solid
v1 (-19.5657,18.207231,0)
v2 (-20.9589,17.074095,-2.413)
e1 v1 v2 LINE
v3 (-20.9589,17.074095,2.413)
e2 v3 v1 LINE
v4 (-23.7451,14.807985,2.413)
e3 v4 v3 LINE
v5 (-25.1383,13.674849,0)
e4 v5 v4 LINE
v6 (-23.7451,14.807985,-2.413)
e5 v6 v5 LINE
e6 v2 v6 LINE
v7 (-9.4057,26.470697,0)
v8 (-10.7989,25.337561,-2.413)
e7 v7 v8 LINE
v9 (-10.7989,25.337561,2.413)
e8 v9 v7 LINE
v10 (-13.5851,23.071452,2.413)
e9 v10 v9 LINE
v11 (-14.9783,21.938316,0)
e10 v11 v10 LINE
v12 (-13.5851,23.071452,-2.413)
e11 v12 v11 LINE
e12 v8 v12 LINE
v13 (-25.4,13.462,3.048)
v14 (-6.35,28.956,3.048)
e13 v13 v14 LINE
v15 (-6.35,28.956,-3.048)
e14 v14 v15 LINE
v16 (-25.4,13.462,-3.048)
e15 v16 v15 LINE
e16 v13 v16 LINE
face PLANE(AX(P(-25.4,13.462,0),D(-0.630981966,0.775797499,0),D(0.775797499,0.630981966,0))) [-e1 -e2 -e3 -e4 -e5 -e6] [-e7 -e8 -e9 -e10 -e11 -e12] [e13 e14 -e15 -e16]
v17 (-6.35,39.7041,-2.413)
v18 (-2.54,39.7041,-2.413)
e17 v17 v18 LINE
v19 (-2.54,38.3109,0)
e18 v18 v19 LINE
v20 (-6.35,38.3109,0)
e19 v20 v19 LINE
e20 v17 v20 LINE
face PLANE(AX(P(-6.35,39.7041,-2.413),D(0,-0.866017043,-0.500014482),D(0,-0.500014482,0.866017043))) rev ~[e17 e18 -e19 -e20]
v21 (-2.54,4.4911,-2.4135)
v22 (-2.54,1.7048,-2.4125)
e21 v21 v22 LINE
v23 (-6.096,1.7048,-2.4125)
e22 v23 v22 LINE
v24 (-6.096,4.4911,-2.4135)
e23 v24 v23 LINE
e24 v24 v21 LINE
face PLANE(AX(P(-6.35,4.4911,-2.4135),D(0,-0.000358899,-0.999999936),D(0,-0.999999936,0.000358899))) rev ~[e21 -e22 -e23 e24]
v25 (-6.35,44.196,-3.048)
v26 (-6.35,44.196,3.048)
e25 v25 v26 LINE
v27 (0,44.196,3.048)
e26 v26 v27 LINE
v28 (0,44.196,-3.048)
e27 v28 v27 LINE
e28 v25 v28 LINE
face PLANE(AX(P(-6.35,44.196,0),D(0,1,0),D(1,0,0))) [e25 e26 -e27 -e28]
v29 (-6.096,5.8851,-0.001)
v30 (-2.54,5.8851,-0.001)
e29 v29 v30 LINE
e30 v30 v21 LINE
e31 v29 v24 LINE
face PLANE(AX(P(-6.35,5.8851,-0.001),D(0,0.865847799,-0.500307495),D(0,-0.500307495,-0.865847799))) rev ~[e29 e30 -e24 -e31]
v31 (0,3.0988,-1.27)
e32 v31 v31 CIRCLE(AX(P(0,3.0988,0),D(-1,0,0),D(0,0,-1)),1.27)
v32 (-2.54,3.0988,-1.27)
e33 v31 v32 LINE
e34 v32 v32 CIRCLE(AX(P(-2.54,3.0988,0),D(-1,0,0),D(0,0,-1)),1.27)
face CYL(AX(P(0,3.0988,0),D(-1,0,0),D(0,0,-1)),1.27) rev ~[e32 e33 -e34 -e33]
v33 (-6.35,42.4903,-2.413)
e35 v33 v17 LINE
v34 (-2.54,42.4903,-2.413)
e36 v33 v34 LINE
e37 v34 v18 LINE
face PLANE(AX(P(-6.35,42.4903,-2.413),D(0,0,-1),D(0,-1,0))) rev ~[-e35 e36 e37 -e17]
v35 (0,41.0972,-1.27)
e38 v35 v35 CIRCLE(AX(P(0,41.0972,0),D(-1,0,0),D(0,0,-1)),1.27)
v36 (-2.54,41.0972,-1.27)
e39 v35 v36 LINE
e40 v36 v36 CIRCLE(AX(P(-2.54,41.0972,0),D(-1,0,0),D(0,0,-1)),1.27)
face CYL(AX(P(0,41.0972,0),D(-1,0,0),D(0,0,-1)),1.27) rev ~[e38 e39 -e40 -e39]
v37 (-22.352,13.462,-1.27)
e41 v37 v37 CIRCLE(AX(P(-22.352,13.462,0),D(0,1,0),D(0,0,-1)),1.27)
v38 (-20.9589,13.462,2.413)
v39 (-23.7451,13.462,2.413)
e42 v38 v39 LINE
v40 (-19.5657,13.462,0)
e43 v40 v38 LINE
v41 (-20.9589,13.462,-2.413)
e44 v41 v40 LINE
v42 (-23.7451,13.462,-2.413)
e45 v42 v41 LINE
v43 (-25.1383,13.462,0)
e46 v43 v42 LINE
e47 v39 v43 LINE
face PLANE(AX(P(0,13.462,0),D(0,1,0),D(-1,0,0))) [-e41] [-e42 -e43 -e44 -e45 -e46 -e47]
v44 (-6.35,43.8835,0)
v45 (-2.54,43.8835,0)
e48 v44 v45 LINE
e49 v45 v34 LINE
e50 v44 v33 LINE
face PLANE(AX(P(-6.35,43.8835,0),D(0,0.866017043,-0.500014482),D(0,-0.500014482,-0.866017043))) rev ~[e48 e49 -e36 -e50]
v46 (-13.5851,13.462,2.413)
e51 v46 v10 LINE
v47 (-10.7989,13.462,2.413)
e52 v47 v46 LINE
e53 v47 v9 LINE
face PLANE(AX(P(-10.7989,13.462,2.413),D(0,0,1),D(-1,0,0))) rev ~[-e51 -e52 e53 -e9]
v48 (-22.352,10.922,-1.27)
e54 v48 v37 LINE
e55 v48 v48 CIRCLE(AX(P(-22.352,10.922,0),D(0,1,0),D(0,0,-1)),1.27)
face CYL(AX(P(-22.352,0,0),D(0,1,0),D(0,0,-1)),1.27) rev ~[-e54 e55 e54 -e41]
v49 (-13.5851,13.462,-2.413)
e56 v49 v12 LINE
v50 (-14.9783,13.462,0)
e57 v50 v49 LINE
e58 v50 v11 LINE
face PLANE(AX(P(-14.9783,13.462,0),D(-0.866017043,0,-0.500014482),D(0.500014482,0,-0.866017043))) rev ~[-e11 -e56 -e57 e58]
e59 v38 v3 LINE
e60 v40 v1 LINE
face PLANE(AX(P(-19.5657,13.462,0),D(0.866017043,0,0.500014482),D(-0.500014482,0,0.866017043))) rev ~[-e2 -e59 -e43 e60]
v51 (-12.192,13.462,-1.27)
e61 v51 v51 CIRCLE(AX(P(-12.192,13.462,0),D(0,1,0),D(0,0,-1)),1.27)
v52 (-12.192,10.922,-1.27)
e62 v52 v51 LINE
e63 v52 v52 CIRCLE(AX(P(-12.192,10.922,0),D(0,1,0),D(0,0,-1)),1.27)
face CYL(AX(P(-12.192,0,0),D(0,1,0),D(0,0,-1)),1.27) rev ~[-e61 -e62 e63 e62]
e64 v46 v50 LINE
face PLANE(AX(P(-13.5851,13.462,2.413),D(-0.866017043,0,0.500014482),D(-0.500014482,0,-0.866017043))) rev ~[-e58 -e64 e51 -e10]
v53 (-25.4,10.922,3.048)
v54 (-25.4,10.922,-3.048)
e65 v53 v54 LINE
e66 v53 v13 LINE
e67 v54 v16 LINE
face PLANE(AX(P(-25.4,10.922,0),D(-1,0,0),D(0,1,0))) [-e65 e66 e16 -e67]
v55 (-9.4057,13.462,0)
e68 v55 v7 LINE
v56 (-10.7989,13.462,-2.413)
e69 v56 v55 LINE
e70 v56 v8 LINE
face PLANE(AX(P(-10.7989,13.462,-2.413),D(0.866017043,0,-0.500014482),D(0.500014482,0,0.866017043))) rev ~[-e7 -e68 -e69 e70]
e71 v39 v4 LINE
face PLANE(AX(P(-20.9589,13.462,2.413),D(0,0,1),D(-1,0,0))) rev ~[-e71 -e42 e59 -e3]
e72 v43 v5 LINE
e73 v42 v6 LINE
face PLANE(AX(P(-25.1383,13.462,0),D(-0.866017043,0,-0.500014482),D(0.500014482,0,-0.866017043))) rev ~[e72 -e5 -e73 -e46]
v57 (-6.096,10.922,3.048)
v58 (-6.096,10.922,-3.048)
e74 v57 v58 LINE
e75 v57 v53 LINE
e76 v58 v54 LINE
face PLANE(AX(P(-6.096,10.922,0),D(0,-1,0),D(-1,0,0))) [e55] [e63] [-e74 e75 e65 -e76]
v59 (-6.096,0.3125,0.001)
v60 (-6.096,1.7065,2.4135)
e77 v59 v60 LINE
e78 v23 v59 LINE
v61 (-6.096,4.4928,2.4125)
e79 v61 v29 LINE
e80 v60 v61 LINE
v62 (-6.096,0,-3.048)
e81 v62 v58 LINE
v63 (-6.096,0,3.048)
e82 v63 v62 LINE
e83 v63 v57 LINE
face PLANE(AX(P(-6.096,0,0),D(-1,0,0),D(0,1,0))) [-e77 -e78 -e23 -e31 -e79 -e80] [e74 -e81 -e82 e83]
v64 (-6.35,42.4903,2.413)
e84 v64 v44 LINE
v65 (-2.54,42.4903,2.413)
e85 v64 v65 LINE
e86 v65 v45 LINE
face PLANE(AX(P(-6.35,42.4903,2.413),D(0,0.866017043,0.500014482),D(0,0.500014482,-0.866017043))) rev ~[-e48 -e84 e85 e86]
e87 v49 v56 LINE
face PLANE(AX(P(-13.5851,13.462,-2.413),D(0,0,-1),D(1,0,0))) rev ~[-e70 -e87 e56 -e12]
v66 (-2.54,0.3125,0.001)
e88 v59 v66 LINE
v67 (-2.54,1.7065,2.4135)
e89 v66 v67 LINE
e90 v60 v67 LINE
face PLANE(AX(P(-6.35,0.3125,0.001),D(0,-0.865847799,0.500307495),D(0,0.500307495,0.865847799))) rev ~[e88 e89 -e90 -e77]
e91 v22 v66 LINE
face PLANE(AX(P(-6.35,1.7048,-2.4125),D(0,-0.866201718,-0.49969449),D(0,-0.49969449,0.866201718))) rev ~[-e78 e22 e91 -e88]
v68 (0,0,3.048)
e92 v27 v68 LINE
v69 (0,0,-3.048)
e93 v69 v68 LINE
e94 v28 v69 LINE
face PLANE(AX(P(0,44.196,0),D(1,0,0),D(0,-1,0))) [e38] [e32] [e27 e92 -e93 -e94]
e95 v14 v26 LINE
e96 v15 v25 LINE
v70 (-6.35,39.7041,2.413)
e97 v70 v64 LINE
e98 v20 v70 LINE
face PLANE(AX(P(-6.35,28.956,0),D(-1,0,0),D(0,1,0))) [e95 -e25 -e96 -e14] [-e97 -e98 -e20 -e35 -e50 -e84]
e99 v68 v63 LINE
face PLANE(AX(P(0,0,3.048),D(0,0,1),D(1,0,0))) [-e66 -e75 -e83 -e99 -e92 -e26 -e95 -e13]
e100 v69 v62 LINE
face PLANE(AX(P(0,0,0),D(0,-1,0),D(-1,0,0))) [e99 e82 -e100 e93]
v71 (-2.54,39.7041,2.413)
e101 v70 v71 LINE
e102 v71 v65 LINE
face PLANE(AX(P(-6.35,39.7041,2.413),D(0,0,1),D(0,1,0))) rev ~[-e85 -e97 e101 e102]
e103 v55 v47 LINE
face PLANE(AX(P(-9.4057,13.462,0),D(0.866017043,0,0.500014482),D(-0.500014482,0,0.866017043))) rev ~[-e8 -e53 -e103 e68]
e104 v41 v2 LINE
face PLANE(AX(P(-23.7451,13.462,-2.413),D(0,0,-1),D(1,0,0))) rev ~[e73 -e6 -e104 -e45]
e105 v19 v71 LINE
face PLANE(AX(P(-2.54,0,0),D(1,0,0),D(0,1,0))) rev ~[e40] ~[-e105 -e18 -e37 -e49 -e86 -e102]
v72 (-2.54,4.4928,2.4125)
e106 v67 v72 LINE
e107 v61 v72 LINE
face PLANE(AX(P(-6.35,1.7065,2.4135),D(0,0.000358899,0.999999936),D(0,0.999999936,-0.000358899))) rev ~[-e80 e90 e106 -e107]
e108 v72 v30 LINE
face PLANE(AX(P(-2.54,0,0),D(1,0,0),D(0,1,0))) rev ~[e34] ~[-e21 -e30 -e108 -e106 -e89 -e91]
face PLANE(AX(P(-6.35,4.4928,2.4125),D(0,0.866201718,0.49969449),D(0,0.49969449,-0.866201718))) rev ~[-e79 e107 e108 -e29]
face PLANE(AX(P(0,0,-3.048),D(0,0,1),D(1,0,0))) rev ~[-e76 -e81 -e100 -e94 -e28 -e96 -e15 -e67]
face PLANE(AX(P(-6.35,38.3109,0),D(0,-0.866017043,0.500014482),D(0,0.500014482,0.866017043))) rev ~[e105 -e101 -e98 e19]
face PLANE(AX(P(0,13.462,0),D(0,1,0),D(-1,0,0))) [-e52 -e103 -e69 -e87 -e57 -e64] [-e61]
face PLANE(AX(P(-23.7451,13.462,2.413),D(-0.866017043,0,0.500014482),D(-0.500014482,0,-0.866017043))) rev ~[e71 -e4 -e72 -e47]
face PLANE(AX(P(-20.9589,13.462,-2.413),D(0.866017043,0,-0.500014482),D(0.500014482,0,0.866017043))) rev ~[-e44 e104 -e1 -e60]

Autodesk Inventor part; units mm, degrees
ref_plane "YZ Plane" through (0, 0, 0) normal (1, 0, 0) x (0, 1, 0)
ref_plane "XZ Plane" through (0, 0, 0) normal (0, 1, 0) x (-1, 0, 0)
ref_plane "XY Plane" through (0, 0, 0) normal (0, 0, 1) x (1, 0, 0)
sketch "Sketch1" plane through (0, 0, 0) normal (0, 0, 1) x (1, 0, 0)
  line L0 (0, 0) -> (-6.096, 0)
  line L1 (-6.096, 0) -> (-6.096, 10.922)
  line L2 (-6.096, 10.922) -> (-25.4, 10.922)
  line L3 (-25.4, 10.922) -> (-25.4, 13.462)
  line L4 (-25.4, 13.462) -> (-6.35, 28.956)
  line L5 (-6.35, 28.956) -> (-6.35, 44.196)
  line L6 (-6.35, 44.196) -> (0, 44.196)
  line L7 (0, 44.196) -> (0, 0)
  dimension "d0" = 44.196
  dimension "d1" = 10.922
  dimension "d2" = 2.54
  dimension "d3" = 19.304
  dimension "d4" = 15.24
  dimension "d25" = 6.35
sketch "Sketch2" plane through (0, 0, 0) normal (1, 0, 0) x (0, 1, 0)
  line L0 (0, 3.048) -> (0, -3.048)
  line L1 (0, -3.048) -> (44.196, -3.048)
  line L2 (44.196, -3.048) -> (44.196, 3.048)
  line L3 (44.196, 3.048) -> (0, 3.048)
  circle A0 centre (3.0988, 0) radius 1.2762
  circle A1 centre (41.0972, 0) radius 1.2712
  line L4 (38.3109, 0) -> (39.7041, 2.413)
  line L5 (39.7041, 2.413) -> (42.4903, 2.413)
  line L6 (42.4903, 2.413) -> (43.8835, 0)
  line L7 (43.8835, 0) -> (42.4903, -2.413)
  line L8 (42.4903, -2.413) -> (39.7041, -2.413)
  line L9 (39.7041, -2.413) -> (38.3109, 0)
  line L10 (5.8851, -0.001) -> (4.4911, -2.4135)
  line L11 (4.4911, -2.4135) -> (1.7048, -2.4125)
  line L12 (1.7048, -2.4125) -> (0.3125, 0.001)
  line L13 (0.3125, 0.001) -> (1.7065, 2.4135)
  line L14 (1.7065, 2.4135) -> (4.4928, 2.4125)
  line L15 (4.4928, 2.4125) -> (5.8851, -0.001)
  point P0 (0, 0)
  dimension "d6" = 37.9984
  dimension "d7" = 3.0988
  dimension "d8" = 3.0988
  dimension "d9" = 44.196
  dimension "d10" = 4.826
  dimension "d11" = 6.096
  dimension "d12" = 3.048
  dimension "d13" = 4.826
sketch "Sketch3" plane through (0, 0, 0) normal (0, 1, 0) x (-1, 0, 0)
  line L0 (0, -3.048) -> (0, 3.048)
  line L1 (0, 3.048) -> (25.4, 3.048)
  line L2 (25.4, 3.048) -> (25.4, -3.048)
  line L3 (25.4, -3.048) -> (0, -3.048)
  circle A0 centre (22.352, 0) radius 1.27
  circle A1 centre (12.192, 0) radius 1.27
  line L4 (19.5657, 0) -> (20.9589, 2.413)
  line L5 (20.9589, 2.413) -> (23.7451, 2.413)
  line L6 (23.7451, 2.413) -> (25.1383, 0)
  line L7 (25.1383, 0) -> (23.7451, -2.413)
  line L8 (23.7451, -2.413) -> (20.9589, -2.413)
  line L9 (20.9589, -2.413) -> (19.5657, 0)
  line L10 (9.4057, 0) -> (10.7989, 2.413)
  line L11 (10.7989, 2.413) -> (13.5851, 2.413)
  line L12 (13.5851, 2.413) -> (14.9783, 0)
  line L13 (14.9783, 0) -> (13.5851, -2.413)
  line L14 (13.5851, -2.413) -> (10.7989, -2.413)
  line L15 (10.7989, -2.413) -> (9.4057, 0)
  point P0 (0, 0)
  dimension "d14" = 12.192
  dimension "d15" = 10.16
  dimension "d16" = 3.048
  dimension "d17" = 2.54
  dimension "d18" = 4.826
  dimension "d19" = 4.826
extrude "Extrusion1" add sketch "Sketch1" along normal mid plane 6.096
ref_plane "Work Plane1" through (-6.35, 28.956, 3.048) normal (-1, 0, 0) x (0, 0, 1)
extrude "Extrusion2" cut sketch "Sketch2" along normal blind 3.81 from surface at -6.35 contours A1 | L4 L5 L6 L7 L8 L9
extrude "Extrusion3" cut sketch "Sketch2" along normal blind 3.81 from surface at -6.35 contours A0 | L10 L11 L12 L13 L14 L15
hole "Hole1" at (0, 3.0988, 0) at (0, 41.0972, 0) direction (-1, 0, 0) diameter 2.54 end through all
ref_plane "Work Plane2" through (-25.4, 13.462, -3.048) normal (0, -1, 0) x (1, 0, 0)
extrude "Extrusion4" cut sketch "Sketch3" along normal blind 15.24 from surface at 13.462 contours A0 | A1 | L4 L5 L6 L7 L8 L9 | L10 L11 L12 L13 L14 L15
hole "Hole2" at (-22.352, 0, 0) at (-12.192, 0, 0) direction (0, 1, 0) diameter 2.54 end through all
properties part number "dispBracket"
